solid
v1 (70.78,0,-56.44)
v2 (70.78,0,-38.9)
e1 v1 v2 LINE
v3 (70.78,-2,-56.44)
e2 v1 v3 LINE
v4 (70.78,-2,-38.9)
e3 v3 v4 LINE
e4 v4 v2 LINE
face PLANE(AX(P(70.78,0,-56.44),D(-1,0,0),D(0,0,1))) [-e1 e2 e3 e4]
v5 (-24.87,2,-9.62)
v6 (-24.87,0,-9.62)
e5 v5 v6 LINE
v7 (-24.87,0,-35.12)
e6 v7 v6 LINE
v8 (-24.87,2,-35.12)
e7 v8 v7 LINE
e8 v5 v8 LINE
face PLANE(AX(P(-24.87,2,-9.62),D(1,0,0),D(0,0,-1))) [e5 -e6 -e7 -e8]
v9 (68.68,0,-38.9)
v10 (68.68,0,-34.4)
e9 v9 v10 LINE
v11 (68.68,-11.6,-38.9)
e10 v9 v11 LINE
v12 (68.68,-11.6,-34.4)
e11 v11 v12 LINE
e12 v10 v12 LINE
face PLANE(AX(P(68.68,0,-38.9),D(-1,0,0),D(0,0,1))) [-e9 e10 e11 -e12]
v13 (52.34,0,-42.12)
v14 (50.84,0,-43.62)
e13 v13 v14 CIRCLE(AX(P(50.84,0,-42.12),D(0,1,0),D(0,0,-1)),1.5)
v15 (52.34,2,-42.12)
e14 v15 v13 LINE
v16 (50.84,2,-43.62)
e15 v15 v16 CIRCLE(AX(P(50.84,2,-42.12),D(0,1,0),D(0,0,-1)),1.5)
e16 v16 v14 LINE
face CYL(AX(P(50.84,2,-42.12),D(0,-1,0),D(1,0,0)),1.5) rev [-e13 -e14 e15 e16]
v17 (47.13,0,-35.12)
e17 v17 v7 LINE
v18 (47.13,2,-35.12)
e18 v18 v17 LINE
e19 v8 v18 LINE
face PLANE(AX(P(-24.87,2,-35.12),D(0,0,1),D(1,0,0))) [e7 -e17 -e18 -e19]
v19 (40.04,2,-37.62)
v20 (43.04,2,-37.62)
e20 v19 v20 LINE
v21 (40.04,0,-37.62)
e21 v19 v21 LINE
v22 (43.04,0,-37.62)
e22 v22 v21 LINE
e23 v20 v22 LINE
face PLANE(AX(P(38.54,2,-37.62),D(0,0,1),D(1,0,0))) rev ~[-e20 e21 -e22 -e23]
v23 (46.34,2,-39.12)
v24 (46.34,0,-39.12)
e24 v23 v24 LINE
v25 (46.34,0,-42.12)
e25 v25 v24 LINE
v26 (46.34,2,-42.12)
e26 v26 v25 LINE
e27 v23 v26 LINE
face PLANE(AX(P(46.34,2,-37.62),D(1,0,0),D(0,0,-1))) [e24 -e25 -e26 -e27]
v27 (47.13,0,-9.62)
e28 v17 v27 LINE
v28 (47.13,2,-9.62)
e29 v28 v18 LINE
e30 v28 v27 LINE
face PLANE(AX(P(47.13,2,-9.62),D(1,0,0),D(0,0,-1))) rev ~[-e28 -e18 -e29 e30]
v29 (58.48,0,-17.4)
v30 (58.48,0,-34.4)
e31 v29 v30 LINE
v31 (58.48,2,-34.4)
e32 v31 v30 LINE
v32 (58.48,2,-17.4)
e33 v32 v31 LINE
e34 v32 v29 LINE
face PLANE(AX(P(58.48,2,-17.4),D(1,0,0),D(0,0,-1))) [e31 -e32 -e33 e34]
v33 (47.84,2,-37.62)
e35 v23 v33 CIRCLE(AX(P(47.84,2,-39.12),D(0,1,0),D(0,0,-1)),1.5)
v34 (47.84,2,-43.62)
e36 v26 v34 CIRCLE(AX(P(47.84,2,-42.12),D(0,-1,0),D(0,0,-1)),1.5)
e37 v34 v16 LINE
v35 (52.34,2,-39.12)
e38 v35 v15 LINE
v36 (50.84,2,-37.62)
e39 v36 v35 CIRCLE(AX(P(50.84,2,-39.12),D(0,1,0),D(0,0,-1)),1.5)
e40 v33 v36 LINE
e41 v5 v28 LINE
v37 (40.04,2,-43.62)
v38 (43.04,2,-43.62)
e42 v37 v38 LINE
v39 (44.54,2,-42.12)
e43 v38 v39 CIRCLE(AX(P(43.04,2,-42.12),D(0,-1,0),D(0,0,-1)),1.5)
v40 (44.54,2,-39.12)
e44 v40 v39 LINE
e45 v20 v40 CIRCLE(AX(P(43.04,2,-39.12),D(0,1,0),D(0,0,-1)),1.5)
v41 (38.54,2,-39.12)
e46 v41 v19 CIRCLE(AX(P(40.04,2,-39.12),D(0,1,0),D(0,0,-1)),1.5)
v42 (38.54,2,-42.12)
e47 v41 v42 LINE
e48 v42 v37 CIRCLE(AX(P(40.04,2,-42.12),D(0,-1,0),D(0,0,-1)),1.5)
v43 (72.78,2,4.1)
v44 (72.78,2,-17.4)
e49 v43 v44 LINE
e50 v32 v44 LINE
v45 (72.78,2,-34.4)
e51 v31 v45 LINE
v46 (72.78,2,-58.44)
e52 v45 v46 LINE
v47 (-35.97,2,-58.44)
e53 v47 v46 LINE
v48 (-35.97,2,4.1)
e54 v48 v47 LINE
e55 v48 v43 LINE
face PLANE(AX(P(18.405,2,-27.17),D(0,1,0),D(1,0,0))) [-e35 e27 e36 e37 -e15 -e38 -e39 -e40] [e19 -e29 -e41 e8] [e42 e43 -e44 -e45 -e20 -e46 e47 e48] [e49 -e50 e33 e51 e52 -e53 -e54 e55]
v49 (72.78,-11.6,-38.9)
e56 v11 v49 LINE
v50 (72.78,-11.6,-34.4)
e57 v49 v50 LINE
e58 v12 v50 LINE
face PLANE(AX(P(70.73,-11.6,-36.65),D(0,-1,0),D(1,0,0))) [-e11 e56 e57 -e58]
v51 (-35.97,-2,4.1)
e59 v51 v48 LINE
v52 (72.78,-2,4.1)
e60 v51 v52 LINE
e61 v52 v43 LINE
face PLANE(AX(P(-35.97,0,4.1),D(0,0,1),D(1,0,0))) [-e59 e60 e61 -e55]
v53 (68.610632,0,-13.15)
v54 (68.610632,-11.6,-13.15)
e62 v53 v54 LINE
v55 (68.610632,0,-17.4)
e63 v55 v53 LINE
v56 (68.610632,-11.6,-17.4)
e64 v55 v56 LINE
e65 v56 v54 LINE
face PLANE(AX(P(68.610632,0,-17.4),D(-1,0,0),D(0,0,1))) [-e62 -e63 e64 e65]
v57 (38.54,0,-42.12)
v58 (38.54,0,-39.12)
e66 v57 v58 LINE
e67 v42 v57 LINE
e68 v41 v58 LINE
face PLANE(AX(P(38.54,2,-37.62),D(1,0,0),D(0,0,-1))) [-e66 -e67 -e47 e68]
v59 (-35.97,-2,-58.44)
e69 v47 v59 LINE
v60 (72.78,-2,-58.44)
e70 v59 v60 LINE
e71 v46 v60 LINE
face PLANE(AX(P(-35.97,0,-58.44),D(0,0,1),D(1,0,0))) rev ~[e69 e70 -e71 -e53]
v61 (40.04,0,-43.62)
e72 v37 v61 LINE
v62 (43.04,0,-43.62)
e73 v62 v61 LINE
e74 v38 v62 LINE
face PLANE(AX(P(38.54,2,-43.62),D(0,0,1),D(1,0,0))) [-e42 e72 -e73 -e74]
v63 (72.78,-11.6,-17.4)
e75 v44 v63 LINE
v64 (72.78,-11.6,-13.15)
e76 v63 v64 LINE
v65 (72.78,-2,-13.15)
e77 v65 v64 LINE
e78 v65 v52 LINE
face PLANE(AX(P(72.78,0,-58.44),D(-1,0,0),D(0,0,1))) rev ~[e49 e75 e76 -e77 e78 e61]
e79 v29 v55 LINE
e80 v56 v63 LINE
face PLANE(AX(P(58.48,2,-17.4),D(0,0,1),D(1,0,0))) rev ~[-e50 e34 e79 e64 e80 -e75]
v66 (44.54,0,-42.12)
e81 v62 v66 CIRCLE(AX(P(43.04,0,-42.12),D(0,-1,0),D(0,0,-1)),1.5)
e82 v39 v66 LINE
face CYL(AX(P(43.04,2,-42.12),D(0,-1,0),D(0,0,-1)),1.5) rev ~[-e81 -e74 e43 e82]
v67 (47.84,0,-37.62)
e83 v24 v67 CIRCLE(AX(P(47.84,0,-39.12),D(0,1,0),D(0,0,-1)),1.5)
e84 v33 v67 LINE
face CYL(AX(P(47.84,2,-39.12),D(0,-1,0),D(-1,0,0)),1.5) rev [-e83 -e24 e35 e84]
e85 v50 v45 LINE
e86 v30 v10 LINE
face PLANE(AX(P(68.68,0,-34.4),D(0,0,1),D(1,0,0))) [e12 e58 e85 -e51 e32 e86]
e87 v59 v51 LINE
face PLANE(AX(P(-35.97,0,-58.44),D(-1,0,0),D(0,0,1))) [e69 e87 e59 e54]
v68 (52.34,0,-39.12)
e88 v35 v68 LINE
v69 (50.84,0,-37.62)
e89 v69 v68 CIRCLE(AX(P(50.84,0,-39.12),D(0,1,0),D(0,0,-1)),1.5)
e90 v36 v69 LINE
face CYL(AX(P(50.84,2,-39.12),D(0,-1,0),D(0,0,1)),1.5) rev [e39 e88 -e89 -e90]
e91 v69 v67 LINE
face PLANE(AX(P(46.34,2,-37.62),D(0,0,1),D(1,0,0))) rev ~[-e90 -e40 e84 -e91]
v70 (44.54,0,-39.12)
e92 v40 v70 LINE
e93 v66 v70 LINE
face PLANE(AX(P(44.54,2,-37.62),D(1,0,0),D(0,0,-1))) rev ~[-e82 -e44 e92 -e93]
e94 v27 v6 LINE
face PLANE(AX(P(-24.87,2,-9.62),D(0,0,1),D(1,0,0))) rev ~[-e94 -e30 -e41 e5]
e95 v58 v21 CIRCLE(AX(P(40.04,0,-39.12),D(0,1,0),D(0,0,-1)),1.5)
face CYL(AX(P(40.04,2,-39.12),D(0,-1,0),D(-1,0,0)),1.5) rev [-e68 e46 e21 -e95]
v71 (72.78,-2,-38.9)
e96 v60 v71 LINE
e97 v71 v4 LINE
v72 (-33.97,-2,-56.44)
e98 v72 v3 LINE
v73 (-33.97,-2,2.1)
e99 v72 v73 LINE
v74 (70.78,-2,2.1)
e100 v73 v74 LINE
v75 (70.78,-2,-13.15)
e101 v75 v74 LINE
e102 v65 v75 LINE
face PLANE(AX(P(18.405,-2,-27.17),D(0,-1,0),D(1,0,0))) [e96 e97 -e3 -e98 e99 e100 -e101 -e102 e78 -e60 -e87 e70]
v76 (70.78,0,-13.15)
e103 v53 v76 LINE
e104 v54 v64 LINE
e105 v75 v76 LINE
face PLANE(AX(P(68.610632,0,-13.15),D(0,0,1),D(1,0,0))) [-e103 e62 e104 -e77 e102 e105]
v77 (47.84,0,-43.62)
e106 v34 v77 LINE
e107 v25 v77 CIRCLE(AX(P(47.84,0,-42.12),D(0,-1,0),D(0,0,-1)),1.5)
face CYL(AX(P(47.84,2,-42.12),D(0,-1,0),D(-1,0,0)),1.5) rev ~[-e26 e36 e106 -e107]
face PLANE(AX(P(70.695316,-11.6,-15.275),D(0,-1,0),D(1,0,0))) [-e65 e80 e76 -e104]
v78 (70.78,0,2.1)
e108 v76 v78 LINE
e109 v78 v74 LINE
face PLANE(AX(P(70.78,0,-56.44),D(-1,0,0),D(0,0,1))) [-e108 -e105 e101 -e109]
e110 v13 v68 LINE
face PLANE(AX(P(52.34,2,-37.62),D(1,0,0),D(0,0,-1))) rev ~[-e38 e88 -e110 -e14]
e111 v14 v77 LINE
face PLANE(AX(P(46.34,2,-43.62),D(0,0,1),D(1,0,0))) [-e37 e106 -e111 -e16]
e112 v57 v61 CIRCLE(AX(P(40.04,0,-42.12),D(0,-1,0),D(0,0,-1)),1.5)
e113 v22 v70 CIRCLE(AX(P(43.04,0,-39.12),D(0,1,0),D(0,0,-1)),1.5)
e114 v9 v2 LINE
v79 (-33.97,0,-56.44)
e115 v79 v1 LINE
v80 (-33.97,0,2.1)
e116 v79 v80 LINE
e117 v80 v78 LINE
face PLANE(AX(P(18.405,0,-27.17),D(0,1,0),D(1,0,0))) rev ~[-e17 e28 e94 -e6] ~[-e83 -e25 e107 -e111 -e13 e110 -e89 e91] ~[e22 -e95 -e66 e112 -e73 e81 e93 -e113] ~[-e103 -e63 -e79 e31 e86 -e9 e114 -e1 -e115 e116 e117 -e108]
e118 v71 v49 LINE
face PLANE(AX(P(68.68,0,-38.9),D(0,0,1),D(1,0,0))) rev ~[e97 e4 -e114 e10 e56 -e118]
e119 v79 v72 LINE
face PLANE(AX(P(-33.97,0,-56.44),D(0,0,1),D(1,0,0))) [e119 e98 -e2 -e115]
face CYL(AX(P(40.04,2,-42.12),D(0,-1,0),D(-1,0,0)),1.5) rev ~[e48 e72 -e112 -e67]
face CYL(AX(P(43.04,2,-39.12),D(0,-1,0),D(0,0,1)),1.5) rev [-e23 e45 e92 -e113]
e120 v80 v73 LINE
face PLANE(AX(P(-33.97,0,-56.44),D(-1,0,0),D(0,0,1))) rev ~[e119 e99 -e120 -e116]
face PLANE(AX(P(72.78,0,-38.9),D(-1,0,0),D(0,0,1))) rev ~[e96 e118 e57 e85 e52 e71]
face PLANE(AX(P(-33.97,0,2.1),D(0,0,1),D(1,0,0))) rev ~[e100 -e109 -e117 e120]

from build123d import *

# Parameters (mm, degrees)
LID_W               = 108.75
LID_H               = 62.54
EXTRUDE_1_DEPTH     = 2
CUT_EXTRUDE_1_REACH = 95.36
SKETCH_8_W          = 72
SKETCH_8_H          = 25.5
CUT_EXTRUDE_3_REACH = 95.36
SKETCH_15_W         = 6
SKETCH_15_H         = 6
FILLET_1_R          = 1.5
SKETCH_16_W         = 108.75
SKETCH_16_H         = 62.54
SKETCH_16_W_2       = 104.75
SKETCH_16_H_2       = 58.54
EXTRUDE_2_DEPTH     = 2
SKETCH_17_W         = 14.3
SKETCH_17_H         = 17
CUT_EXTRUDE_4_DEPTH = 4
SKETCH_18_W         = 4.1
SKETCH_18_H         = 4.5
SKETCH_18_W_2       = 4.169367978
SKETCH_18_H_2       = 4.25
EXTRUDE_3_DEPTH     = 11.6


with BuildPart() as part:
    # lid → ﾎﾞｽ - 押し出し1 (new body)
    with BuildSketch(Plane(origin=(0, 0, 0), x_dir=(1, 0, 0), z_dir=(0, 1, 0))):
        with Locations((18.405, 27.17)):
            Rectangle(LID_W, LID_H)
    extrude(amount=EXTRUDE_1_DEPTH)

    # ｽｹｯﾁ8 → ｶｯﾄ - 押し出し1 (cut, up to next)
    with BuildSketch(Plane(origin=(0, 2, 0), x_dir=(1, 0, 0), z_dir=(0, 1, 0)), mode=Mode.PRIVATE) as cut_extrude_1_sk1:
        with Locations((11.13, 22.37)):
            Rectangle(SKETCH_8_W, SKETCH_8_H)
    cut_extrude_1_tool1 = extrude(cut_extrude_1_sk1.sketch, amount=-CUT_EXTRUDE_1_REACH, mode=Mode.PRIVATE) & part.part
    add(cut_extrude_1_tool1.solids().sort_by_distance((11.13, 2, -22.37))[0], mode=Mode.SUBTRACT)

    # ｽｹｯﾁ15 → ｶｯﾄ - 押し出し3 (cut, up to next)
    with BuildSketch(Plane(origin=(0, 2, 0), x_dir=(1, 0, 0), z_dir=(0, 1, 0)), mode=Mode.PRIVATE) as cut_extrude_3_sk1:
        with Locations((41.54, 40.62)):
            Rectangle(SKETCH_15_W, SKETCH_15_H)
    cut_extrude_3_tool1 = extrude(cut_extrude_3_sk1.sketch, amount=-CUT_EXTRUDE_3_REACH, mode=Mode.PRIVATE) & part.part
    # ｽｹｯﾁ15 → ｶｯﾄ - 押し出し3 (cut, up to next)
    with BuildSketch(Plane(origin=(0, 2, 0), x_dir=(1, 0, 0), z_dir=(0, 1, 0)), mode=Mode.PRIVATE) as cut_extrude_3_sk2:
        with Locations((49.34, 40.62)):
            Rectangle(SKETCH_15_W, SKETCH_15_H)
    cut_extrude_3_tool2 = extrude(cut_extrude_3_sk2.sketch, amount=-CUT_EXTRUDE_3_REACH, mode=Mode.PRIVATE) & part.part
    add(cut_extrude_3_tool1.solids().sort_by_distance((41.54, 2, -40.62))[0], mode=Mode.SUBTRACT)
    add(cut_extrude_3_tool2.solids().sort_by_distance((49.34, 2, -40.62))[0], mode=Mode.SUBTRACT)

    # ﾌｨﾚｯﾄ1
    fillet_1_edges = [part.edges().sort_by_distance(p)[0] for p in [
        (38.54, 1, -37.62),
        (38.54, 1, -43.62),
        (44.54, 1, -43.62),
        (44.54, 1, -37.62),
        (46.34, 1, -37.62),
        (46.34, 1, -43.62),
        (52.34, 1, -43.62),
        (52.34, 1, -37.62),
    ]]
    fillet(fillet_1_edges, radius=FILLET_1_R)

    # ｽｹｯﾁ16 → ﾎﾞｽ - 押し出し2 (add)
    with BuildSketch(Plane.XZ):
        with Locations((18.405, -27.17)):
            Rectangle(SKETCH_16_W, SKETCH_16_H)
        with Locations((18.405, -27.17)):
            Rectangle(SKETCH_16_W_2, SKETCH_16_H_2, mode=Mode.SUBTRACT)
    extrude(amount=EXTRUDE_2_DEPTH)

    # ｽｹｯﾁ17 → ｶｯﾄ - 押し出し4 (cut)
    with BuildSketch(Plane(origin=(0, 2, 0), x_dir=(1, 0, 0), z_dir=(0, 1, 0))):
        with Locations((65.63, 25.9)):
            Rectangle(SKETCH_17_W, SKETCH_17_H)
    extrude(amount=-CUT_EXTRUDE_4_DEPTH, mode=Mode.SUBTRACT)

    # ｽｹｯﾁ18 → ﾎﾞｽ - 押し出し3 (add)
    with BuildSketch(Plane.XZ):
        with Locations((70.73, -36.65)):
            Rectangle(SKETCH_18_W, SKETCH_18_H)
        with Locations((70.695316011, -15.275)):
            Rectangle(SKETCH_18_W_2, SKETCH_18_H_2)
    extrude(amount=EXTRUDE_3_DEPTH)


solid = part.part
